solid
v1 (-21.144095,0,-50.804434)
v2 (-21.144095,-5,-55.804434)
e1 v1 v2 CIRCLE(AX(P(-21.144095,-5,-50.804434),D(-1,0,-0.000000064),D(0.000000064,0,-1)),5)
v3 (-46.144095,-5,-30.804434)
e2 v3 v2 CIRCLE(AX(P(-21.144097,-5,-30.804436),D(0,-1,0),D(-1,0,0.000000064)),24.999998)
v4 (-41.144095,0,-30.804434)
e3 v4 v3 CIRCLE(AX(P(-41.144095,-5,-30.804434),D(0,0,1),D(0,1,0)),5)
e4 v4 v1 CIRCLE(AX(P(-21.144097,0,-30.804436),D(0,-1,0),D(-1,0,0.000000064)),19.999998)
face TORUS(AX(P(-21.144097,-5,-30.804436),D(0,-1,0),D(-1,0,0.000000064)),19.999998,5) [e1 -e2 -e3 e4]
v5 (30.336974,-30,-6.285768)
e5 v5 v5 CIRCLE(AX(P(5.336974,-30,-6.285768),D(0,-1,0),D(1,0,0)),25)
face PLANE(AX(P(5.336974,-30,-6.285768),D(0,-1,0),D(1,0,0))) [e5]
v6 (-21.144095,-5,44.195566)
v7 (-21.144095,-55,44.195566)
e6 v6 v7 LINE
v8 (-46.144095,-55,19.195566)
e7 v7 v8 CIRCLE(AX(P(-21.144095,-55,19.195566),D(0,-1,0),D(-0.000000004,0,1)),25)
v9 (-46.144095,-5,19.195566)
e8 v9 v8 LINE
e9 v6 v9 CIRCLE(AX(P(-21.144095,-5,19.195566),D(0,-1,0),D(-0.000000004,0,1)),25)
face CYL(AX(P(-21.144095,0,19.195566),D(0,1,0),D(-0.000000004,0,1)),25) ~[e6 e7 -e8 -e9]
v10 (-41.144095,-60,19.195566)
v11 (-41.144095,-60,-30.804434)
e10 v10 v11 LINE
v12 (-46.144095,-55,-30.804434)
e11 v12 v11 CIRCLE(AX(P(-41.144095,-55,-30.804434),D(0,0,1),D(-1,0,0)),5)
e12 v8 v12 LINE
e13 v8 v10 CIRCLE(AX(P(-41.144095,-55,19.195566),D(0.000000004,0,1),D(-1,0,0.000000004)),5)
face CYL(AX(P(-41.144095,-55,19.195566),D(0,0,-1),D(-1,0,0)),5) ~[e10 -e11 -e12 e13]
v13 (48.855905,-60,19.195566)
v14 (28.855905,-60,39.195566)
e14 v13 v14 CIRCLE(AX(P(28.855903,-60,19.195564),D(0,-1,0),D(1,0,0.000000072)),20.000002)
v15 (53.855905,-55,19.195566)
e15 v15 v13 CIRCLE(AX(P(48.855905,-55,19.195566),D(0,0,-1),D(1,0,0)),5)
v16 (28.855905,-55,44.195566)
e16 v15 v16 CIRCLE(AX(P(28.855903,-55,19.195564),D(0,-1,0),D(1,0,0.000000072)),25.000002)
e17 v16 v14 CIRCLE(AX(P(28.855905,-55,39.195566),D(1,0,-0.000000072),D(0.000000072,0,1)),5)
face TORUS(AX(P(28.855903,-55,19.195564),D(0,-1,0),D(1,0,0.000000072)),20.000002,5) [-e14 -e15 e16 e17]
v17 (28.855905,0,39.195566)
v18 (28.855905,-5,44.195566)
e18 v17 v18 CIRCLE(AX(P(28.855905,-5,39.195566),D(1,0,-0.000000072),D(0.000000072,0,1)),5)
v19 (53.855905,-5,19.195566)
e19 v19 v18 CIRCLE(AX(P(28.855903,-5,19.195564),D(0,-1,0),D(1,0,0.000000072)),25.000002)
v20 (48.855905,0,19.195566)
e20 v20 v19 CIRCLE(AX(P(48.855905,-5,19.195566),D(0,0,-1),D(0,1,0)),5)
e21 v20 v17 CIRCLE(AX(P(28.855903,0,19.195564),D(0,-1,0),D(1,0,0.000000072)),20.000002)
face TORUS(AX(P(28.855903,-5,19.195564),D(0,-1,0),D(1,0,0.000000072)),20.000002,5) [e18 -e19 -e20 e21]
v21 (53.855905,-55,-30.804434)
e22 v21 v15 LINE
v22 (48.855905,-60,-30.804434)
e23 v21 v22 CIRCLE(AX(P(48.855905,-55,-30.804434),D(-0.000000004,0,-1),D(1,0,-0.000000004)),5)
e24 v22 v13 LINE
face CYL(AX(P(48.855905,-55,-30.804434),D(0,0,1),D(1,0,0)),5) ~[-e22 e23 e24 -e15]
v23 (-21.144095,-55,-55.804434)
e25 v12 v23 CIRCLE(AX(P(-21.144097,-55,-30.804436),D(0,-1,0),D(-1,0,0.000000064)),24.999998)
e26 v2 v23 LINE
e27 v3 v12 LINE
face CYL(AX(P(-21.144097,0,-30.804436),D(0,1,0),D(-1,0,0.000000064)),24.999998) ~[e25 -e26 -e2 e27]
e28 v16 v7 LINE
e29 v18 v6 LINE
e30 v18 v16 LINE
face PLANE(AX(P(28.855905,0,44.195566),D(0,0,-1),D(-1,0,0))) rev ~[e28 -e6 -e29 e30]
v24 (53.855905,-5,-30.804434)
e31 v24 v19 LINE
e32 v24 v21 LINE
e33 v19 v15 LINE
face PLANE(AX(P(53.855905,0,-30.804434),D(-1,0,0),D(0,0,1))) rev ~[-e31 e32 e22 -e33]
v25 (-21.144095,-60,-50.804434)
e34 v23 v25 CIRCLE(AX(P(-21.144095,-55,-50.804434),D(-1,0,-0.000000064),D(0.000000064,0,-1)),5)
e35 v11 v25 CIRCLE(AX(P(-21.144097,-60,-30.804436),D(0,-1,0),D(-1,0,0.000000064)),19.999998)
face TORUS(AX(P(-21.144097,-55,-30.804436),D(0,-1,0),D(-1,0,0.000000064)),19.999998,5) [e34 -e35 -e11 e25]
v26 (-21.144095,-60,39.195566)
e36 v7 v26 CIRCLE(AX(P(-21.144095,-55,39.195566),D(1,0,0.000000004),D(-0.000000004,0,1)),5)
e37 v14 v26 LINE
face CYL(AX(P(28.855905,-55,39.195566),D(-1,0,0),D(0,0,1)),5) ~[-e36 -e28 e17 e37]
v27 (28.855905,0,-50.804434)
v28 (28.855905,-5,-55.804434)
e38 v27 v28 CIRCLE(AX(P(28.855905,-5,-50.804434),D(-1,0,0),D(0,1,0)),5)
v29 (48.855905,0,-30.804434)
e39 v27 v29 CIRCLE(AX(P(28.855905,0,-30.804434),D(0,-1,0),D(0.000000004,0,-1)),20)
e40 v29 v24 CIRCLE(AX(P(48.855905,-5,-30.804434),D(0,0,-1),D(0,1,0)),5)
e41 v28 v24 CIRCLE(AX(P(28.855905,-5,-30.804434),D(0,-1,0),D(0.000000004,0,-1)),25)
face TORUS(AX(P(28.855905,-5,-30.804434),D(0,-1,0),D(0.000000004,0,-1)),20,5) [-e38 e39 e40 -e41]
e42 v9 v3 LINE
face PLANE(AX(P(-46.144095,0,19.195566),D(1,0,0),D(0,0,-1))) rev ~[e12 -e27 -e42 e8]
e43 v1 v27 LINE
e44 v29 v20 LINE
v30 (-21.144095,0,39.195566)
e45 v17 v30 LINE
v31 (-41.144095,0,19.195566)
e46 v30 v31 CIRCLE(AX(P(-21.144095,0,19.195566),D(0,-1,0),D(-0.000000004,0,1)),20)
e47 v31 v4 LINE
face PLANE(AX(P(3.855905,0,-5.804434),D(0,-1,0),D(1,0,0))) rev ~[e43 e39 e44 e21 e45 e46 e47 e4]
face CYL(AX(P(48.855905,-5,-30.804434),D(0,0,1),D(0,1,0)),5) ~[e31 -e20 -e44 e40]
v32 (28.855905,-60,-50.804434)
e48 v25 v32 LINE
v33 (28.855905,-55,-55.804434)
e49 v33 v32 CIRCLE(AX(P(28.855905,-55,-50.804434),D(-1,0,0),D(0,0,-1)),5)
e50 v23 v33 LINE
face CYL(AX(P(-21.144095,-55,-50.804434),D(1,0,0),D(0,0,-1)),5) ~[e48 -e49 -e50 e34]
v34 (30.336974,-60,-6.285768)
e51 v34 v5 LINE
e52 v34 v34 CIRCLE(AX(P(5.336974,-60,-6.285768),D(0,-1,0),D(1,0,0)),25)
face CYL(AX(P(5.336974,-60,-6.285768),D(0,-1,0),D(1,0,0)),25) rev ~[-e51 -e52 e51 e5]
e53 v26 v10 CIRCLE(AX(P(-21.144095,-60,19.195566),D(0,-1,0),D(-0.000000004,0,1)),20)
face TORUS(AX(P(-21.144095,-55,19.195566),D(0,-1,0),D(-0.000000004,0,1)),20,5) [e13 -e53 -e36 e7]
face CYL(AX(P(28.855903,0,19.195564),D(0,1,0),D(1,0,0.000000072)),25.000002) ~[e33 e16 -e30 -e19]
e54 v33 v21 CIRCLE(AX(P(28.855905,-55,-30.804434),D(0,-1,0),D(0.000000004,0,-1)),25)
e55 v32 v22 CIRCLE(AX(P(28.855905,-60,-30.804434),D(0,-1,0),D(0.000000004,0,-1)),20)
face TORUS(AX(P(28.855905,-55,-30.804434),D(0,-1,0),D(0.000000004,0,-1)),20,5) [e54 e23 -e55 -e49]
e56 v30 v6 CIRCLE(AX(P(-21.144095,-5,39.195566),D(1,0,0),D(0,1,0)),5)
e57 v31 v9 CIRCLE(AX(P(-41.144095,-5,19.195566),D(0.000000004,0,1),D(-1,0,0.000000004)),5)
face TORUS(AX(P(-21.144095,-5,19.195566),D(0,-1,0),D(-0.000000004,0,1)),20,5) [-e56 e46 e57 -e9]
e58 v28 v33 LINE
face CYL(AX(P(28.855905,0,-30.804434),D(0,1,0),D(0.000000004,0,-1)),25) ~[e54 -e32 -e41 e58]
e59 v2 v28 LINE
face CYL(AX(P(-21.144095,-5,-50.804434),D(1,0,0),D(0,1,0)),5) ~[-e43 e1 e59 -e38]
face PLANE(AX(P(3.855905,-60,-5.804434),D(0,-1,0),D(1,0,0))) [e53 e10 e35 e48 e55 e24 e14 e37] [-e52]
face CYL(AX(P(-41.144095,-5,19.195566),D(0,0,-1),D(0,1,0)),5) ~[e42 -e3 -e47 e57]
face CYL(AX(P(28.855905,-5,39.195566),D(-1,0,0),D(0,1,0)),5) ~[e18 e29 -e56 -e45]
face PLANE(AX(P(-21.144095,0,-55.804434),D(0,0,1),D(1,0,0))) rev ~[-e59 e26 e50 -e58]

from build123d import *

# Parameters (mm, degrees)
F1_DEPTH = 60
F2_R     = 5
F3_R     = 5
F5_R     = 25
F6_DEPTH = 30
F7_R     = 25
F8_DEPTH = 30


with BuildPart() as f1:
    # F0 (on Front) → F1 (new body)
    with BuildSketch(Plane.XZ):
        with BuildLine():
            Line((28.855905, 44.195566), (-21.144095, 44.195566))
            ThreePointArc((-21.144095, 44.195566), (-38.821765, 36.873235), (-46.144095, 19.195566))
            Line((-46.144095, 19.195566), (-46.144095, 13.908361))
            Line((-46.144095, 13.908361), (-46.144095, 9.730815))
            Line((-46.144095, 9.730815), (-46.144095, -30.804434))
            ThreePointArc((-46.144095, -30.804434), (-38.821765, -48.482104), (-21.144095, -55.804434))
            Line((-21.144095, -55.804434), (28.855905, -55.804434))
            ThreePointArc((28.855905, -55.804434), (46.533574, -48.482104), (53.855905, -30.804434))
            Line((53.855905, -30.804434), (53.855905, 19.195566))
            ThreePointArc((53.855905, 19.195566), (46.533574, 36.873235), (28.855905, 44.195566))
        make_face()
    extrude(amount=F1_DEPTH)

    # F2
    f2_edges = [f1.edges().sort_by_distance(p)[0] for p in [
        (-38.821765, -60, 36.873235),
        (3.855905, -60, 44.195566),
        (-46.144095, -60, -5.804434),
        (-38.821765, -60, -48.482104),
        (3.855905, -60, -55.804434),
        (46.533574, -60, -48.482104),
        (53.855905, -60, -5.804434),
        (46.533574, -60, 36.873235),
    ]]
    fillet(f2_edges, radius=F2_R)

    # F3
    f3_edges = [f1.edges().sort_by_distance(p)[0] for p in [
        (53.855905, 0, -5.804434),
        (3.855905, 0, 44.195566),
        (-38.821765, 0, 36.873235),
        (-46.144095, 0, -5.804434),
        (-38.821765, 0, -48.482104),
        (3.855905, 0, -55.804434),
        (46.533574, 0, -48.482104),
        (46.533574, 0, 36.873235),
    ]]
    fillet(f3_edges, radius=F3_R)

    # F5 (on Front) → F6 (cut)
    with BuildSketch(Plane.XZ):
        Circle(F5_R)
    extrude(amount=-F6_DEPTH, mode=Mode.SUBTRACT)

    # F7 (on face) → F8 (cut)
    with BuildSketch(Plane.XZ.offset(60)):
        with Locations((5.336974, -6.285768)):
            Circle(F7_R)
    extrude(amount=-F8_DEPTH, mode=Mode.SUBTRACT)


solid = f1.part
